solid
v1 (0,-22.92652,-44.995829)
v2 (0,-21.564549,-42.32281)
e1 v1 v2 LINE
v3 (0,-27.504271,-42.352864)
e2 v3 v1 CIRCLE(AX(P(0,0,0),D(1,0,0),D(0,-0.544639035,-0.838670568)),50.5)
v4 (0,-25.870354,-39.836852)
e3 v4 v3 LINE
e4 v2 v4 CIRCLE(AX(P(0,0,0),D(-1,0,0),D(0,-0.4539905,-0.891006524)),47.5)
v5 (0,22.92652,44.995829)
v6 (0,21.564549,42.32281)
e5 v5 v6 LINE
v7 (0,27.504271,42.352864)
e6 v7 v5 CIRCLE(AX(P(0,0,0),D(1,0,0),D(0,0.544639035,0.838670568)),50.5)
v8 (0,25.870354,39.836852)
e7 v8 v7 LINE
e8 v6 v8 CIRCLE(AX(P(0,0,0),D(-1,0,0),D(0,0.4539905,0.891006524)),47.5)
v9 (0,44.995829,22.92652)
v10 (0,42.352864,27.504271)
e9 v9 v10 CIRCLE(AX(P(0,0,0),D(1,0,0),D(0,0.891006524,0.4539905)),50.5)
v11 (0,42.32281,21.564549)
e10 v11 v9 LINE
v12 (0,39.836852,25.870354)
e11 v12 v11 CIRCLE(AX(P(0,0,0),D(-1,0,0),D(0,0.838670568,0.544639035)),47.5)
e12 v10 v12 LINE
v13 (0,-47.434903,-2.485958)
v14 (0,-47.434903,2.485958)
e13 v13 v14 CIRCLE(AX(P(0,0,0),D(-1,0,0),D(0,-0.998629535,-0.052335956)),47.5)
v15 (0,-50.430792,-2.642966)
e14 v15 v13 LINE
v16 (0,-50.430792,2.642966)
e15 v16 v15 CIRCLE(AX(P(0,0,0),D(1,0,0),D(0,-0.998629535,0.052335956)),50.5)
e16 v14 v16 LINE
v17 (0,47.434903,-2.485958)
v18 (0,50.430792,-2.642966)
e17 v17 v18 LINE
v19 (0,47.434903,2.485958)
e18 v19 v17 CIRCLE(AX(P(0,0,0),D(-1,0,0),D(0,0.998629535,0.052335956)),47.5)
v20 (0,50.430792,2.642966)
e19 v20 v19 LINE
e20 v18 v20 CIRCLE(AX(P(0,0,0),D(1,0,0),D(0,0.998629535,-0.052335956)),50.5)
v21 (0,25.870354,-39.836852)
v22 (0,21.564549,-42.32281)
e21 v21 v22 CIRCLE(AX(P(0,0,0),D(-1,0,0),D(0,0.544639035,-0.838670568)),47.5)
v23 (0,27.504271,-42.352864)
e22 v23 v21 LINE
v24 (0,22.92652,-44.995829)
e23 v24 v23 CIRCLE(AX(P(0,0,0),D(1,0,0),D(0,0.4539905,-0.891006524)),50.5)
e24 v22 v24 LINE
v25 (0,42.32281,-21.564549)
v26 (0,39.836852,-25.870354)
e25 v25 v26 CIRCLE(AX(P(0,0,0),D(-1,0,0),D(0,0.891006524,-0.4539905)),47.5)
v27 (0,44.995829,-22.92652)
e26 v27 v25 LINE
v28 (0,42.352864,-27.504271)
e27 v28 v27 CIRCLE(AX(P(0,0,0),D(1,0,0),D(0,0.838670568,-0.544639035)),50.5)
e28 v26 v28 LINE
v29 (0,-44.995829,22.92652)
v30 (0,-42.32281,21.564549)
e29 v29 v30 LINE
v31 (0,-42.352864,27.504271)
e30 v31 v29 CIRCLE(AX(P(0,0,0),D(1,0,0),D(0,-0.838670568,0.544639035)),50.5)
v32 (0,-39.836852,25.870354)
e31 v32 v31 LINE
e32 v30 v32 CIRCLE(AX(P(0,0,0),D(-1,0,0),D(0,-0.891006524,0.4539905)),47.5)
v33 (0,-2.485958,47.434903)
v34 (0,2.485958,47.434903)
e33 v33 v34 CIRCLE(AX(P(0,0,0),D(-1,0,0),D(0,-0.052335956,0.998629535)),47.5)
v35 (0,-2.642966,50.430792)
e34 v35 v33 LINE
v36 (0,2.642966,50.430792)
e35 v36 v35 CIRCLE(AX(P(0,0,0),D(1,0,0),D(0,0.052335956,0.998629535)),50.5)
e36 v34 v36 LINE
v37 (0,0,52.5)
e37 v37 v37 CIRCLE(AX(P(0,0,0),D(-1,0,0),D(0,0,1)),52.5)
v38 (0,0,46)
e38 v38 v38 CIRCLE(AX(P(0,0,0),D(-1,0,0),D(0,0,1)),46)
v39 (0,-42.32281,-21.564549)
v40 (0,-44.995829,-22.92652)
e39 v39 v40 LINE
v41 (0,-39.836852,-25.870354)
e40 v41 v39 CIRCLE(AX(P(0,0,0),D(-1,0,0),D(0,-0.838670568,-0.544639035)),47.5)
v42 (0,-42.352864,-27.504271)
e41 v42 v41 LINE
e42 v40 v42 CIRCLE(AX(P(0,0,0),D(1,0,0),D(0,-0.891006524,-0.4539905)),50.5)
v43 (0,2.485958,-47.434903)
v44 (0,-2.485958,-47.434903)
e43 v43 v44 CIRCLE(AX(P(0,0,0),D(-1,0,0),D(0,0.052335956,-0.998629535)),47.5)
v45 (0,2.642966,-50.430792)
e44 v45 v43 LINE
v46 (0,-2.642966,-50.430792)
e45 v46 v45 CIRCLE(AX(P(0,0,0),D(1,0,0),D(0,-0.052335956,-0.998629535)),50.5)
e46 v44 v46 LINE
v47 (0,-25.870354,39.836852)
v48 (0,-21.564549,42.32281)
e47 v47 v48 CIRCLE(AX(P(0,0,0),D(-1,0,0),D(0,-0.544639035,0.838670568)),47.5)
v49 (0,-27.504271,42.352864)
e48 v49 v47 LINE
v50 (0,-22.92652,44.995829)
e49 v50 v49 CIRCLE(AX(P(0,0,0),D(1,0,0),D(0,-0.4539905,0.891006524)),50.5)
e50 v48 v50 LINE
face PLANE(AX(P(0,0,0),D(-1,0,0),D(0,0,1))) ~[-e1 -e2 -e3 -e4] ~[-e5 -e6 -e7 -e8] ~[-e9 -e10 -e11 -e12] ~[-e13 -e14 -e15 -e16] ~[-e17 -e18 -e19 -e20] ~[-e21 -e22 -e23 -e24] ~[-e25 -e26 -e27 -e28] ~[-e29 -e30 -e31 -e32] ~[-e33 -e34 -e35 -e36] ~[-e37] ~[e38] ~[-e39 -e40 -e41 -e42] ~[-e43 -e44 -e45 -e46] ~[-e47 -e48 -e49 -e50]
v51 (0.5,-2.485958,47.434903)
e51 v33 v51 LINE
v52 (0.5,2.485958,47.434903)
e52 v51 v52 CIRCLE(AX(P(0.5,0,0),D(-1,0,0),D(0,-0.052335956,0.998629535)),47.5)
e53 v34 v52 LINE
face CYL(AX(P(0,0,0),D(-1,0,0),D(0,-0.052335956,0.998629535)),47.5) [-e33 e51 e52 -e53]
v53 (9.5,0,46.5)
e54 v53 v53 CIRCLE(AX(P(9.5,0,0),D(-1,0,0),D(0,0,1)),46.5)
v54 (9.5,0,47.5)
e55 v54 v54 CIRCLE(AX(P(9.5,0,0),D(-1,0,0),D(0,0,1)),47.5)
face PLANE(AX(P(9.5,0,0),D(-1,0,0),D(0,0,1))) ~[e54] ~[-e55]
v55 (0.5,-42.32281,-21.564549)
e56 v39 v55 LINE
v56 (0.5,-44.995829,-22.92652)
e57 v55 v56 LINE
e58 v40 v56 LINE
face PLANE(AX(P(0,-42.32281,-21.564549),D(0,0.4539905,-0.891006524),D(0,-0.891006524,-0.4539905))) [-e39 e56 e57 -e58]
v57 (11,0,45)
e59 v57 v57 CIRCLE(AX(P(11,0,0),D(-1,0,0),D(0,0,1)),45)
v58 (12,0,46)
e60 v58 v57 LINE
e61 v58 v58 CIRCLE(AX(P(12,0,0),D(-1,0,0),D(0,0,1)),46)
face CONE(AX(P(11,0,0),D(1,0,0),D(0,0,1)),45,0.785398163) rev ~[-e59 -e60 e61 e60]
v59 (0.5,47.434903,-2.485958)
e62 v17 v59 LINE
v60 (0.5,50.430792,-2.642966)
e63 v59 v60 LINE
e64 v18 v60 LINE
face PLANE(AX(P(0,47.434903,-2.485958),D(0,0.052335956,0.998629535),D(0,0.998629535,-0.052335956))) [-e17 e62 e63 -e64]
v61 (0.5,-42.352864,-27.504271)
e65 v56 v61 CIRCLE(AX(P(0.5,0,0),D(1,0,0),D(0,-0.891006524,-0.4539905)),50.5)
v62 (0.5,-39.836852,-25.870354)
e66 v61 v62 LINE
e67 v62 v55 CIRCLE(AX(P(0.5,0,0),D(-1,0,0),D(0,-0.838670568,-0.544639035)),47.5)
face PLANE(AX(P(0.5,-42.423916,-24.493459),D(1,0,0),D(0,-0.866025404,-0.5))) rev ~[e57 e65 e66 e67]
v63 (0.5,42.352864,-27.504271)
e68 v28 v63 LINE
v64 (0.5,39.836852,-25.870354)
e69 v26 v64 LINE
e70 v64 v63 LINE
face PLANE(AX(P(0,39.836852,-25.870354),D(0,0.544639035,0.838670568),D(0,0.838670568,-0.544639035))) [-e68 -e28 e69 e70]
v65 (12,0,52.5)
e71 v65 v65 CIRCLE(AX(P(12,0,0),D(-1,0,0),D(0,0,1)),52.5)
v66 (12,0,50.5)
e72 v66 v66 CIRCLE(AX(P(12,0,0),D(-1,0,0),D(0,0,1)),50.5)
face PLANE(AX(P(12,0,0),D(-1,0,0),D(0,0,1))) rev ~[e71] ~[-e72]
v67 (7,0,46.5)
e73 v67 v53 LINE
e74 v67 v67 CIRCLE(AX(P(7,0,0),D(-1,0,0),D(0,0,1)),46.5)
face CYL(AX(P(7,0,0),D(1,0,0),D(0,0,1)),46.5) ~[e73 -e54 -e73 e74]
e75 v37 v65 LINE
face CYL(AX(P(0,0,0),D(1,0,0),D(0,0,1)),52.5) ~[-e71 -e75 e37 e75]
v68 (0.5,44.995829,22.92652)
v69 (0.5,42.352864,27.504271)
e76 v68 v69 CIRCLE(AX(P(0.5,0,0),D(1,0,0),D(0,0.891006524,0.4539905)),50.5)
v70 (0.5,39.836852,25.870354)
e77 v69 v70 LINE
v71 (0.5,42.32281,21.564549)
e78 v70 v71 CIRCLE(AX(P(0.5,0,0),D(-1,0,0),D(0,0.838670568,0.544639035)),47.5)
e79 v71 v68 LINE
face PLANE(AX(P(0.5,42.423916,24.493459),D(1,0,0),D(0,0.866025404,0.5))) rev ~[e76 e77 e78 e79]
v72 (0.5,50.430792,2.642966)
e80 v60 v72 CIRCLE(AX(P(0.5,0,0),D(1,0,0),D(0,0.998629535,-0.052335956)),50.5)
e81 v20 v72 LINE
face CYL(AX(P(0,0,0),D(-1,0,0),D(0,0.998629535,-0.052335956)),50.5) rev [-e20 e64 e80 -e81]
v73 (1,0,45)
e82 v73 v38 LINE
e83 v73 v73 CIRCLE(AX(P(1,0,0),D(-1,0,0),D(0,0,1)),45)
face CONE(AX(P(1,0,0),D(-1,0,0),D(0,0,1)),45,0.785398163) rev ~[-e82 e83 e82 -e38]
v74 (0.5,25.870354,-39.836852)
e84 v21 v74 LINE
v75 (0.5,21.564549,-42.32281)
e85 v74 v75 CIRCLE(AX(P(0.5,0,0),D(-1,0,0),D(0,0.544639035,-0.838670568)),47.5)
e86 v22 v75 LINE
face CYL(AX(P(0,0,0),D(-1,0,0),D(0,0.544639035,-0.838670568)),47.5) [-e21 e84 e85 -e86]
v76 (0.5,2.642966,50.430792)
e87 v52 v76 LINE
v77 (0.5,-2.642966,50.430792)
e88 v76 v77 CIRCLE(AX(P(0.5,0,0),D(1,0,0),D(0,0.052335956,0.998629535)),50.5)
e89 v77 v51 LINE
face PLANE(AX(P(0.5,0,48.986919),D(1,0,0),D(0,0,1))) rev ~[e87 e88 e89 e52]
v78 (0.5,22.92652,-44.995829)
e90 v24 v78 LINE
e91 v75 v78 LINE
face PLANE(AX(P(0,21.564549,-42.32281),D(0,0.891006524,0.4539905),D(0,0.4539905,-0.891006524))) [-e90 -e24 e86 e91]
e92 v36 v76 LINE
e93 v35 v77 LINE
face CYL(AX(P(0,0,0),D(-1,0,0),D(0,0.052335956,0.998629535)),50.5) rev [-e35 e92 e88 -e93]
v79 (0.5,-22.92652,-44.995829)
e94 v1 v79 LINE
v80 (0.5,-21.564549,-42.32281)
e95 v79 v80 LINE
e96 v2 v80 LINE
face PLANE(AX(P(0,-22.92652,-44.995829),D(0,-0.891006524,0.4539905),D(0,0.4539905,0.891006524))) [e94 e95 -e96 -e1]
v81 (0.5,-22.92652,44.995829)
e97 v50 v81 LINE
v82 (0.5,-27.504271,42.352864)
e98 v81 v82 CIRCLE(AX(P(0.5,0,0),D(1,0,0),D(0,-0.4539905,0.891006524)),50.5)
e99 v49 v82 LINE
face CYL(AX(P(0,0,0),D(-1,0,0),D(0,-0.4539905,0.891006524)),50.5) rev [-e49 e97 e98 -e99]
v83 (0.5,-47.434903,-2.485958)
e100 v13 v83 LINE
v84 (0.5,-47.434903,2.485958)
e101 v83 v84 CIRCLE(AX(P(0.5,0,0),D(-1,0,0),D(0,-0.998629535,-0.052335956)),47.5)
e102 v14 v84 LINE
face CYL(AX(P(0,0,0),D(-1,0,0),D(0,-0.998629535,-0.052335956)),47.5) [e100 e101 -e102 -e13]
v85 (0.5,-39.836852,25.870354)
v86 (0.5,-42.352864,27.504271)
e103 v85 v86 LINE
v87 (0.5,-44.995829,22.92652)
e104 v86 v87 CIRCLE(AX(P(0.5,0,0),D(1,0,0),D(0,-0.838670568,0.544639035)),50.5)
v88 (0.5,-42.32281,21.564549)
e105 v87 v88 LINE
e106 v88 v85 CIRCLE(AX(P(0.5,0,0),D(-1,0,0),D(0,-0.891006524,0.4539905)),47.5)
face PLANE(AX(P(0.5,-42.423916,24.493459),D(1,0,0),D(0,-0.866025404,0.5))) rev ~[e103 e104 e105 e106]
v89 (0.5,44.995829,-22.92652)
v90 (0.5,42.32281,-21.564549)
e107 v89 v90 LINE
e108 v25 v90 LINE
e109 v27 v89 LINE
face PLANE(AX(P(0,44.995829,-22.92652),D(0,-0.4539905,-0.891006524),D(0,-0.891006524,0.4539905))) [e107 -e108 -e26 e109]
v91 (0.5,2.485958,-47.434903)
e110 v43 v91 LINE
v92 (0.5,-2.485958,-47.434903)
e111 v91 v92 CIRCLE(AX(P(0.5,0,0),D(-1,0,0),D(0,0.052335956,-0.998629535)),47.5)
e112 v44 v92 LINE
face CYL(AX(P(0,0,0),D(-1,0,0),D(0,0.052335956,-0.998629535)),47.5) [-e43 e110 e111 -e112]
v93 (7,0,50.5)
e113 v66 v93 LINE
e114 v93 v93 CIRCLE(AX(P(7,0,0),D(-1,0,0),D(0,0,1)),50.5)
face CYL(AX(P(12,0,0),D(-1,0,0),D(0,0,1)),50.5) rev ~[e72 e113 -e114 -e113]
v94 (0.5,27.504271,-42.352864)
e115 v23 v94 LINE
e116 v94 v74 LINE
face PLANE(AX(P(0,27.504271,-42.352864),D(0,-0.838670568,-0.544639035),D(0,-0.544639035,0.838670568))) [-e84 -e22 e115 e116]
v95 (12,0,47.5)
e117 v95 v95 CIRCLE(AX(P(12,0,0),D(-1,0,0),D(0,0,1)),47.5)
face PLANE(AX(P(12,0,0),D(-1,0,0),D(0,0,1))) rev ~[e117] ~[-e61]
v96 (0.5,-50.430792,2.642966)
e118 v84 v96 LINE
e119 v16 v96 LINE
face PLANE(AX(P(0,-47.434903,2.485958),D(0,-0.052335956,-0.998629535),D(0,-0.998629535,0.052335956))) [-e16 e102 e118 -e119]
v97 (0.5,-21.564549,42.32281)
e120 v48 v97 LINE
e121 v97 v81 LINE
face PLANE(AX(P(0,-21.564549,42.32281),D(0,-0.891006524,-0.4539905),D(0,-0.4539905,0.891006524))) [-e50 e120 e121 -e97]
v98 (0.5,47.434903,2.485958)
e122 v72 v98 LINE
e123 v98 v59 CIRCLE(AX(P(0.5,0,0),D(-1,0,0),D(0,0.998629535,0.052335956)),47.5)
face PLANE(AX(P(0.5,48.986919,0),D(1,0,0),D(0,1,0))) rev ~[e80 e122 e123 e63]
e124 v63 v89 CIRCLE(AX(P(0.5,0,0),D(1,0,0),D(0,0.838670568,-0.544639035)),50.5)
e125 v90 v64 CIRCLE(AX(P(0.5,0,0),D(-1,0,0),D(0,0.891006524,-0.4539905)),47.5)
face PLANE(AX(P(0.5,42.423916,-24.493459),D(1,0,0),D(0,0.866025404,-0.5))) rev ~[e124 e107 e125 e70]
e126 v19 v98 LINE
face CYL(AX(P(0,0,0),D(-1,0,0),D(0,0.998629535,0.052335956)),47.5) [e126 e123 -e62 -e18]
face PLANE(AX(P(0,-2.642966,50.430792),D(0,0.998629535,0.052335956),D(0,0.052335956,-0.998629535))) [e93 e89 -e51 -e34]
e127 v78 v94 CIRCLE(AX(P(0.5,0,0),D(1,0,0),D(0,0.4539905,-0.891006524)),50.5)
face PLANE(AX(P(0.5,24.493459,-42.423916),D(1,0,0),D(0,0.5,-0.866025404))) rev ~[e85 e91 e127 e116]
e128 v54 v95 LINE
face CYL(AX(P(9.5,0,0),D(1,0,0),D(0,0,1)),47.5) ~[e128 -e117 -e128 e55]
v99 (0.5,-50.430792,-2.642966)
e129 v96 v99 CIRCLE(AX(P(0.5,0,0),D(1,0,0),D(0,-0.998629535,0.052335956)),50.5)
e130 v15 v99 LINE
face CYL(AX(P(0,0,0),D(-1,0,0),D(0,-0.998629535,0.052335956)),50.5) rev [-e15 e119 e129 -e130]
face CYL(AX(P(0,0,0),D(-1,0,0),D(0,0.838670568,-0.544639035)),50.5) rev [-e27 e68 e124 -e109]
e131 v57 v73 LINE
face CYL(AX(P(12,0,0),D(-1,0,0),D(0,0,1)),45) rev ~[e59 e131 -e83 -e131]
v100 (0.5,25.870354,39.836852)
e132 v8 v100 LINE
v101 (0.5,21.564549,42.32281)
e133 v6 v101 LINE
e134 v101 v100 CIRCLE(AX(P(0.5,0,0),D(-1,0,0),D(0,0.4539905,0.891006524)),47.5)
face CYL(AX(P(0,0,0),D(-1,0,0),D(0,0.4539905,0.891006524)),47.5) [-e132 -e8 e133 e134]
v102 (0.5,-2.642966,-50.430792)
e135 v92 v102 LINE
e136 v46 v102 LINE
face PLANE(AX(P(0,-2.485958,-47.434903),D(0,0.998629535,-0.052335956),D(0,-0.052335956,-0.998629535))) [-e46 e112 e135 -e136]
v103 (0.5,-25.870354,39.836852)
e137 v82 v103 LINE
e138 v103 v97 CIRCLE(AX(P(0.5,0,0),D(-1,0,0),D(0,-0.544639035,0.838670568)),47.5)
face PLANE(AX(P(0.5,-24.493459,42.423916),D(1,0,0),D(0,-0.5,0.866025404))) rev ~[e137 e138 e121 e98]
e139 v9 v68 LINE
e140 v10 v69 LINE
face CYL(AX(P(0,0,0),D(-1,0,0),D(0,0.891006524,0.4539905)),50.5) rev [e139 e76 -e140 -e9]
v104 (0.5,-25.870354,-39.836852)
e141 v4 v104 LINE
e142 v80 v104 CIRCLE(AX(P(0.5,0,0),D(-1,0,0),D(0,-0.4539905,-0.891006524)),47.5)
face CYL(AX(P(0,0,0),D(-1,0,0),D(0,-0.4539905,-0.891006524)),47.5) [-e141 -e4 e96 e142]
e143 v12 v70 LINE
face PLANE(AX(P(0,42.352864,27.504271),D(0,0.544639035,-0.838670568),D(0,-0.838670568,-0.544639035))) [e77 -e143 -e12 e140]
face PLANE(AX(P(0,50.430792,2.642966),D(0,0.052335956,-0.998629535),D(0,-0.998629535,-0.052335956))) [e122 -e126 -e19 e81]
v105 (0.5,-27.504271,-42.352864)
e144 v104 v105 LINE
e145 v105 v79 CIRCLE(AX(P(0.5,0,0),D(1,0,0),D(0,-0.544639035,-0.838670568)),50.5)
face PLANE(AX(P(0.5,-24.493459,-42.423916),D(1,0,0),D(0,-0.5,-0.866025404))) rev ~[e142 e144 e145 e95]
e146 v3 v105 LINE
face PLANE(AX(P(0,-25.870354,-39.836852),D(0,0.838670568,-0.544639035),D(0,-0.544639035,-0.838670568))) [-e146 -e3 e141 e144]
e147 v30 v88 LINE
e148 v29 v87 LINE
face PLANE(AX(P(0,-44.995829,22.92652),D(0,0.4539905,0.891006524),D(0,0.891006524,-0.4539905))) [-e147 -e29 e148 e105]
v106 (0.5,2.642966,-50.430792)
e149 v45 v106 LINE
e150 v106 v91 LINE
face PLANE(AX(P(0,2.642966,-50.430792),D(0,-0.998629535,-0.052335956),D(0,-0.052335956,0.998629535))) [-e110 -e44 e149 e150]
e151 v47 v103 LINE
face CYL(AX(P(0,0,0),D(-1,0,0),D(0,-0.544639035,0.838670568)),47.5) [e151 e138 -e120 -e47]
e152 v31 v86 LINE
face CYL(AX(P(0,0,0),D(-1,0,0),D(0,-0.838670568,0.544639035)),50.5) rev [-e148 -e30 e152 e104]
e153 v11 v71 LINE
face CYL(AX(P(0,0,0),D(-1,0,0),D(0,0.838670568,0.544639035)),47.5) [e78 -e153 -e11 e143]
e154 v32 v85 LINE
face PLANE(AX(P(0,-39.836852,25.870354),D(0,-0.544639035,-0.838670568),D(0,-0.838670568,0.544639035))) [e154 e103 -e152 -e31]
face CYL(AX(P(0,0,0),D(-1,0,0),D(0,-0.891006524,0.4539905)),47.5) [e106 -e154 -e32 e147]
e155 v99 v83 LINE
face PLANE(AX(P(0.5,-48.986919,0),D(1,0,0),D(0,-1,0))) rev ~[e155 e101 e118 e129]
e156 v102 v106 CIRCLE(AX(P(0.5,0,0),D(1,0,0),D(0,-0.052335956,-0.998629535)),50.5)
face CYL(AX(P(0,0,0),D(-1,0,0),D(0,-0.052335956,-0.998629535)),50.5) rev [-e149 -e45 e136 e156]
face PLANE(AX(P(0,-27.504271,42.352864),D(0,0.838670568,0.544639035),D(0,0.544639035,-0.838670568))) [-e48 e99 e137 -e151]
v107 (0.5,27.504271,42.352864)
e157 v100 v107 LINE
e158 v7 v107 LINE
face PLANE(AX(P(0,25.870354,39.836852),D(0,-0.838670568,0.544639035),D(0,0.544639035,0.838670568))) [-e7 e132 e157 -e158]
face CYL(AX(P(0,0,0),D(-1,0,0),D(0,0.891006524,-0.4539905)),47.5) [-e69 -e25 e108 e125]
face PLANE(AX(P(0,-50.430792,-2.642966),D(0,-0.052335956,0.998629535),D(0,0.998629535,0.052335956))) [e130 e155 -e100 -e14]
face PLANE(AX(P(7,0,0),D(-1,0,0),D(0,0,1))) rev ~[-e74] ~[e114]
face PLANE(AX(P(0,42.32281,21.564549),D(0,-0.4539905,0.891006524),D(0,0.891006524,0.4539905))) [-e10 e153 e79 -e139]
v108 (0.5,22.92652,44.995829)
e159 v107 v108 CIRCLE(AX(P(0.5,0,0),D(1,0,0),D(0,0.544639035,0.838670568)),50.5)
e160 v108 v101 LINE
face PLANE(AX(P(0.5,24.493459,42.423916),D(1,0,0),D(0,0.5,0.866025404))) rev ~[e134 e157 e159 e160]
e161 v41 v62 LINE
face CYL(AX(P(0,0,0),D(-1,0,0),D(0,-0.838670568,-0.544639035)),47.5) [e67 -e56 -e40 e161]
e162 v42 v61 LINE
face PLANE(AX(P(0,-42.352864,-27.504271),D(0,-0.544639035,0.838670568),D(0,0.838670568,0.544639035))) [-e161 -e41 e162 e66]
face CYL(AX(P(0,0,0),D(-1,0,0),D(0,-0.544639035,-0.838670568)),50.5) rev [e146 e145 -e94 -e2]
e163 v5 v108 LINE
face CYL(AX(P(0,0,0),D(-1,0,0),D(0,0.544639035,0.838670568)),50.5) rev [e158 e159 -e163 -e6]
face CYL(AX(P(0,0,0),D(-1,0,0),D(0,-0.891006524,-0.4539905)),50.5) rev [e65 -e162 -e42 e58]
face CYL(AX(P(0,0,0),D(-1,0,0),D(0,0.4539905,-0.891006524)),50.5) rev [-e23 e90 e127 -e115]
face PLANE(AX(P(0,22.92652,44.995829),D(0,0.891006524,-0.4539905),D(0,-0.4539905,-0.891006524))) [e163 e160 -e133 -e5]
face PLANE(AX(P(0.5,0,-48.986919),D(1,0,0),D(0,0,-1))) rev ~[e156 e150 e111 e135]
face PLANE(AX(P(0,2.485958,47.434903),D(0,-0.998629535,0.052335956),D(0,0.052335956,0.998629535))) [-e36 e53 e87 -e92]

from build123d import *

# Parameters (mm, degrees)
CUT_EXTRUDE_1_DEPTH      = 0.5
PATTERN_CIRCULAR_1_COUNT = 12
CHAMFER_1_SIZE           = 1


with BuildPart() as part:
    # 草图1 → 旋转1 (revolve)
    with BuildSketch(Plane(origin=(0, 0, 0), x_dir=(-1, 0, 0), z_dir=(0, 0, -1)), mode=Mode.PRIVATE) as revolve_1_sk:
        Polygon((-7, 46.5), (-9.5, 46.5), (-9.5, 47.5), (-12, 47.5), (-12, 45), (0, 45), (0, 52.5), (-12, 52.5), (-12, 50.5), (-7, 50.5), align=None)
    revolve(revolve_1_sk.sketch.rotate(Axis((17.910447761, 0, 0), (-1, 0, 0)), 270), axis=Axis((17.910447761, 0, 0), (-1, 0, 0)))

    # 草图2 → 切除-拉伸1 (cut)
    with BuildSketch(Plane.ZY):
        with BuildLine():
            Line((-47.434902901, -2.485957922), (-50.430791505, -2.64296579))
            ThreePointArc((-50.430791505, -2.64296579), (-50.5, 0), (-50.430791505, 2.64296579))
            Line((-50.430791505, 2.64296579), (-47.434902901, 2.485957922))
            ThreePointArc((-47.434902901, 2.485957922), (-47.5, 0), (-47.434902901, -2.485957922))
        make_face()
    cut_extrude_1 = extrude(amount=-CUT_EXTRUDE_1_DEPTH, mode=Mode.SUBTRACT)

    # 阵列(圆周)1: 切除-拉伸1 ×12 about axis
    pattern_circular_1_axis = Axis((0, 0, 0), (1, 0, 0))
    for i in range(1, PATTERN_CIRCULAR_1_COUNT):
        add(cut_extrude_1.rotate(pattern_circular_1_axis, i * 360 / PATTERN_CIRCULAR_1_COUNT), mode=Mode.SUBTRACT)

    # 倒角1
    chamfer_1_edges = [part.edges().sort_by_distance(p)[0] for p in [
        (0, 0, -45),
        (12, 0, -45),
    ]]
    chamfer(chamfer_1_edges, length=CHAMFER_1_SIZE)


solid = part.part
